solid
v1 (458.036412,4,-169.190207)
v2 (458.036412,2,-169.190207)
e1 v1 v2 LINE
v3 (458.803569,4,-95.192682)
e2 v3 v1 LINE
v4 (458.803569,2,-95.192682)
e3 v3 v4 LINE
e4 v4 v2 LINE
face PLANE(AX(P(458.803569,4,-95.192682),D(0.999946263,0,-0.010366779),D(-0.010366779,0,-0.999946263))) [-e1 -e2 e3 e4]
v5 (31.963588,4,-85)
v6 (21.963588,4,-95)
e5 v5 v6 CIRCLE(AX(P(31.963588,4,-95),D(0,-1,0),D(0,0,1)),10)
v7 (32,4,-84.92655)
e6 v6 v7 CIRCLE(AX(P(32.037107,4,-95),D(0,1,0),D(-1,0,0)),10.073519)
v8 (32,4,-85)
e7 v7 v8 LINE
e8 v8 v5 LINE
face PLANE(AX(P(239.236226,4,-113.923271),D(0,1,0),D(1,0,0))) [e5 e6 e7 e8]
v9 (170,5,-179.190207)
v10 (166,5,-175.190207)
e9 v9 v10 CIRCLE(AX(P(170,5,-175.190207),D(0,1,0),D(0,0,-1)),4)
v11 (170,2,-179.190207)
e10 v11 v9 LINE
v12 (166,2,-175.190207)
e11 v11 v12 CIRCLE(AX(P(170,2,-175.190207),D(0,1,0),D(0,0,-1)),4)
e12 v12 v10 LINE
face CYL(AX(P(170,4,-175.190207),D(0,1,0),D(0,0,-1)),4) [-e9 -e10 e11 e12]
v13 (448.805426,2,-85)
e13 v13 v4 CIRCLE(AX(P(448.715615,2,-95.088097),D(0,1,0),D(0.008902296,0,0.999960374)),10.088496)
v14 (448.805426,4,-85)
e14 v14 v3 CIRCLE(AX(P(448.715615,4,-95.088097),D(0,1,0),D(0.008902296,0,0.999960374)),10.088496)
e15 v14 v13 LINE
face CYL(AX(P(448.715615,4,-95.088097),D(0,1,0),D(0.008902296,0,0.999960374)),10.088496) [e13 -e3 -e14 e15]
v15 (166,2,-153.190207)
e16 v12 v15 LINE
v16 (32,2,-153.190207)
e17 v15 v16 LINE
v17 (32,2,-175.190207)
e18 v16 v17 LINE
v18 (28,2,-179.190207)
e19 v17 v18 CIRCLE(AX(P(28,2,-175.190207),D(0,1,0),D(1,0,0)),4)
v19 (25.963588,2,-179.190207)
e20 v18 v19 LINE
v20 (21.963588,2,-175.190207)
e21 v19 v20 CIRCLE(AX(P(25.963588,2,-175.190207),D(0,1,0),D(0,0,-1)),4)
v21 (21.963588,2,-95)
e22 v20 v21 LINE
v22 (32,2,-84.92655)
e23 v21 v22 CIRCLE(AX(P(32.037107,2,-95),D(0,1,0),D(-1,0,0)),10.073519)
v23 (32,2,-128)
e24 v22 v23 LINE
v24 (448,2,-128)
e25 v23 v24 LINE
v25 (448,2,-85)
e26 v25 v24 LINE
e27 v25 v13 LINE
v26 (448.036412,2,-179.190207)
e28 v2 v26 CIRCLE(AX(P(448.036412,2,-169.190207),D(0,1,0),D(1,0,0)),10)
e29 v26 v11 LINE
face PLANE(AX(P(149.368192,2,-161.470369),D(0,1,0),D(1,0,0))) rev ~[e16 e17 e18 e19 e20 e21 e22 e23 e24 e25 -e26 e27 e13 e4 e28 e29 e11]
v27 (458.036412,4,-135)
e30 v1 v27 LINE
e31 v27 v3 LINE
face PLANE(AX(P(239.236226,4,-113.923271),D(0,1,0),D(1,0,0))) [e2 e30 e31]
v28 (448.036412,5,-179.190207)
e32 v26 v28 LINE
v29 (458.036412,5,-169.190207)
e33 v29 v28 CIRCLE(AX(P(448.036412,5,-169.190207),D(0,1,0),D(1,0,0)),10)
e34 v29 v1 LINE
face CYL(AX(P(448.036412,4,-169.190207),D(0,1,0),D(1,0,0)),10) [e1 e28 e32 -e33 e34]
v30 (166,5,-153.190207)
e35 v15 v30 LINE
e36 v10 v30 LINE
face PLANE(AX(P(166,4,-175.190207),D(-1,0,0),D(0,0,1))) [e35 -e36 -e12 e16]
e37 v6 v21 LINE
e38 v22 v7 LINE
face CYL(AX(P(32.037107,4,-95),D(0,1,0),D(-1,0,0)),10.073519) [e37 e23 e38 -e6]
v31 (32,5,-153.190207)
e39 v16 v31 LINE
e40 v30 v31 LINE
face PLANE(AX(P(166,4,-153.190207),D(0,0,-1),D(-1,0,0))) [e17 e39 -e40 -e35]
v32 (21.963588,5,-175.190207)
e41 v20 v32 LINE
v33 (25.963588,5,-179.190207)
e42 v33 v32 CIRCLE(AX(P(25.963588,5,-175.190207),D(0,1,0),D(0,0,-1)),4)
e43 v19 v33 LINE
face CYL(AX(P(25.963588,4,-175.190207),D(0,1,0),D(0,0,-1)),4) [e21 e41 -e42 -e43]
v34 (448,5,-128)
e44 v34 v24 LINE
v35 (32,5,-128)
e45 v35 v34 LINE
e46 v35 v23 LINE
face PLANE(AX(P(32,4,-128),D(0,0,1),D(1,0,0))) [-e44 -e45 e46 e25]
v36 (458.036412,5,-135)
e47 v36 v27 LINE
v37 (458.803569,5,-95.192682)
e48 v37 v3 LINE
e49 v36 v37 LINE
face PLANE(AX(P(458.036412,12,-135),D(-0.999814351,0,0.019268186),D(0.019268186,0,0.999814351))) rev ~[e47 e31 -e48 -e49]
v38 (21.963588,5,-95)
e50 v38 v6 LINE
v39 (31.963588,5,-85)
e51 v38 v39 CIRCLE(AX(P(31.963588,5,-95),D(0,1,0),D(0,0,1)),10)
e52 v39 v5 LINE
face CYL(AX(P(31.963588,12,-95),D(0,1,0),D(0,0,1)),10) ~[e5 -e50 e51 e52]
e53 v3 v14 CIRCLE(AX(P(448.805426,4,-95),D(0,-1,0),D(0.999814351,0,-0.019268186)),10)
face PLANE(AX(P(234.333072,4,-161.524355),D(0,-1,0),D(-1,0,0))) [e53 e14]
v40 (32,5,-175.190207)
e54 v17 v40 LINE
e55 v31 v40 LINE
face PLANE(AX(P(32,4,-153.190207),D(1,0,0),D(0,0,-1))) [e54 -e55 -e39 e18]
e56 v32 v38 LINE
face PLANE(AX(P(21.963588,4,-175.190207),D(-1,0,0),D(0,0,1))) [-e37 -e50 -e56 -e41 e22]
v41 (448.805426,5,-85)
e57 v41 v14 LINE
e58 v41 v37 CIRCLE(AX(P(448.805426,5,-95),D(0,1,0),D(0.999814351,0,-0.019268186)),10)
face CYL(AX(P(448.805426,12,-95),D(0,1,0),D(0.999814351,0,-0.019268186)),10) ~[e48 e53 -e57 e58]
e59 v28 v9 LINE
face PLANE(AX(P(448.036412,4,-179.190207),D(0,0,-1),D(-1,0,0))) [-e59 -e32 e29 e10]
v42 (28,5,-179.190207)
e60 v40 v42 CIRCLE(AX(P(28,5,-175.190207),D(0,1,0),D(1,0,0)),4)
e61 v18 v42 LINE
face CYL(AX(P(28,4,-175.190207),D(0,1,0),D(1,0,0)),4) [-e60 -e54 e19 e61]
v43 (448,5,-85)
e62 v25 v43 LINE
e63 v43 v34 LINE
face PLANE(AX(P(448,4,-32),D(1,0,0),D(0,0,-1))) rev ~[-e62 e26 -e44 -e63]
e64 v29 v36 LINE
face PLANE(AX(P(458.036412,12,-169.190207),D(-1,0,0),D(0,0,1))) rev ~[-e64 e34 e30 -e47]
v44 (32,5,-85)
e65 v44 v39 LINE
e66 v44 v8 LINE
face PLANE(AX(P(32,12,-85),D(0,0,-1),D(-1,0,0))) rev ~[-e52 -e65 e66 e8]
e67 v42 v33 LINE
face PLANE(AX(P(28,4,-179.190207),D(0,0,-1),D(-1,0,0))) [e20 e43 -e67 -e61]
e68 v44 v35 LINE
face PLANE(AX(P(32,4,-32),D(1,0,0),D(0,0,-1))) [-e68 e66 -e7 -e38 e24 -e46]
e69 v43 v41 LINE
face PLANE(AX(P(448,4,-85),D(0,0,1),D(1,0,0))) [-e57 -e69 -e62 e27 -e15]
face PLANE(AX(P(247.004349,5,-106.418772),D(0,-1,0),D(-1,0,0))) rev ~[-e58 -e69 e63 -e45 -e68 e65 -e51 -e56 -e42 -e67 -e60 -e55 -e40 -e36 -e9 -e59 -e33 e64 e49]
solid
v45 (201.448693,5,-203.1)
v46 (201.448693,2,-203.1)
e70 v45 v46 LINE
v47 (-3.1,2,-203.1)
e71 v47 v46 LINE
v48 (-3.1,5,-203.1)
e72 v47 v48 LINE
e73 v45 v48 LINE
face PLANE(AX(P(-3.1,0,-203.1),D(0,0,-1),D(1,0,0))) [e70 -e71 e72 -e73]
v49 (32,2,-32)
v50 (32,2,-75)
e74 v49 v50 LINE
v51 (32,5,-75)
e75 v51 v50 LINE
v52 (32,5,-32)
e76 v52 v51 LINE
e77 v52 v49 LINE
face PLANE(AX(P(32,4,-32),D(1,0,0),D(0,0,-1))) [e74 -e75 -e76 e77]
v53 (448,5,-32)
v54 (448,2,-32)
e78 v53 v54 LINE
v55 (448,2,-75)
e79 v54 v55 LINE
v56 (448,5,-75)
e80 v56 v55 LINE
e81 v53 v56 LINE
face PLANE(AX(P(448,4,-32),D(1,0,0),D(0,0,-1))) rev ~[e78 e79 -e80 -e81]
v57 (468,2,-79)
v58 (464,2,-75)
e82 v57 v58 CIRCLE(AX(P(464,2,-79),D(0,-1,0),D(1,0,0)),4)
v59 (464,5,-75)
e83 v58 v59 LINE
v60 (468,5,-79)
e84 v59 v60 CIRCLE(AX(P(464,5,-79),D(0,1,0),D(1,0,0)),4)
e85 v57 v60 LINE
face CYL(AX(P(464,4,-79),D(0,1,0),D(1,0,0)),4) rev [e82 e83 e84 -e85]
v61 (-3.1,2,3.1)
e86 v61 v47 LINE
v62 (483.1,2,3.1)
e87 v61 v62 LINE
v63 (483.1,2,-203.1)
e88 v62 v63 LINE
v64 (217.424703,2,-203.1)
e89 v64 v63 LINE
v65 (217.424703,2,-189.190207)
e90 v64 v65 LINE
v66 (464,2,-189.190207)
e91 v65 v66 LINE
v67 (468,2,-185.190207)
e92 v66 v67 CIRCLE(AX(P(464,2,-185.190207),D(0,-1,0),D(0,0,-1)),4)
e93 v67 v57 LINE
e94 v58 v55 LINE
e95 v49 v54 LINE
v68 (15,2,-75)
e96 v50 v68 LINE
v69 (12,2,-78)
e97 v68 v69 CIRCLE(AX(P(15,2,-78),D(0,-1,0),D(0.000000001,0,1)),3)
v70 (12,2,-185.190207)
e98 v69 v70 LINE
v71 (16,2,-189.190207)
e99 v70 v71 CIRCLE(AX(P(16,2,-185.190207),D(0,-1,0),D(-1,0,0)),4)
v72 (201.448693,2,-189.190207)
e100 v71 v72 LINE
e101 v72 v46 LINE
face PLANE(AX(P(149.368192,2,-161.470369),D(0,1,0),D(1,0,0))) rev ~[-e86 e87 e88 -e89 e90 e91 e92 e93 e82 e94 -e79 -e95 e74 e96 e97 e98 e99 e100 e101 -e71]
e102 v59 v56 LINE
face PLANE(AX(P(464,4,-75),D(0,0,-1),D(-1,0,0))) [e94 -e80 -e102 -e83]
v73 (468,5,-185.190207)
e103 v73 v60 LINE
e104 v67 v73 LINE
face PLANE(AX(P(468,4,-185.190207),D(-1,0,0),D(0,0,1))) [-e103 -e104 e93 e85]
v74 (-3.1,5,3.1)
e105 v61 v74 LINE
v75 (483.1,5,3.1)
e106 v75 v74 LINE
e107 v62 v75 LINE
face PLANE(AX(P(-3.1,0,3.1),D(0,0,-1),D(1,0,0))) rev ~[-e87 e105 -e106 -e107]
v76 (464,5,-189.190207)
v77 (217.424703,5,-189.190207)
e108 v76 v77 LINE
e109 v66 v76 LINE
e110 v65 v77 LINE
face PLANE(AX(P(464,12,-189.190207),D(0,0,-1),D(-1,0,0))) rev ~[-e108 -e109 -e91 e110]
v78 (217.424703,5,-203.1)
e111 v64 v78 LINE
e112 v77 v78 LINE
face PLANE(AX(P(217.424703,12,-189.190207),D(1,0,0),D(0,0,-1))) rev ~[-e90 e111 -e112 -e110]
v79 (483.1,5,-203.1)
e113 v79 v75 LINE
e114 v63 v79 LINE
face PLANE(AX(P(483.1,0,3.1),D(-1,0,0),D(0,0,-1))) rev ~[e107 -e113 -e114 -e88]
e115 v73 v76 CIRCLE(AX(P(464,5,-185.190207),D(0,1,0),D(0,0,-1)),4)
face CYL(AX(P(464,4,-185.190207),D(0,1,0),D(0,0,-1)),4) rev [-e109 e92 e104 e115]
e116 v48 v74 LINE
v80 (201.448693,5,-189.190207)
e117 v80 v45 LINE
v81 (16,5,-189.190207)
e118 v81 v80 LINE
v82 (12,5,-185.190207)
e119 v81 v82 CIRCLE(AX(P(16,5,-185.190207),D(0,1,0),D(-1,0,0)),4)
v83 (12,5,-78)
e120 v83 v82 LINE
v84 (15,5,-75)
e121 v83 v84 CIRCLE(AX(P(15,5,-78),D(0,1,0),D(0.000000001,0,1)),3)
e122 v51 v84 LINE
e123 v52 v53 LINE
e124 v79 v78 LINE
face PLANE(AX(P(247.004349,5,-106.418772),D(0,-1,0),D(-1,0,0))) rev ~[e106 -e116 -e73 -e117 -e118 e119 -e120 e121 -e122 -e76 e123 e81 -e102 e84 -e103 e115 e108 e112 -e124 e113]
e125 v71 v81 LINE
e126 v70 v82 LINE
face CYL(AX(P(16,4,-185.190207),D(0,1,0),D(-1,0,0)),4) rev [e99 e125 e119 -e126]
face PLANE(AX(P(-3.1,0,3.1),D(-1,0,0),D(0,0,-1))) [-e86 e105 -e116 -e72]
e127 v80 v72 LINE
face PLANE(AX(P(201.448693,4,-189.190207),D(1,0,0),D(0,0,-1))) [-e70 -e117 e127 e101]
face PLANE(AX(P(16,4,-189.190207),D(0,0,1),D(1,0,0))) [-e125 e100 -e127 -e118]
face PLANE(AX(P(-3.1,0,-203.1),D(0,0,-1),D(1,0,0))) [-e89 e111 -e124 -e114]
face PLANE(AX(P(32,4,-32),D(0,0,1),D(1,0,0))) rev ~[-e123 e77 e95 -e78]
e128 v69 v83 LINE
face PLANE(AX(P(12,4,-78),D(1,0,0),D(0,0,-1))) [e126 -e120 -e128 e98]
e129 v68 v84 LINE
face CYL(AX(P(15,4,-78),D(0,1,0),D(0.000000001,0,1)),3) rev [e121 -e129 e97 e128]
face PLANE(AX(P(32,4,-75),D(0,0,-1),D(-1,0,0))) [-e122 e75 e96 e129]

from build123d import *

# Parameters (mm, degrees)
CROQUIS1_W              = 486.2
CROQUIS1_H              = 206.2
CROQUIS1_W_2            = 480
CROQUIS1_H_2            = 200
SALIENTE_EXTRUIR1_DEPTH = 12
CROQUIS3_W              = 486.2
CROQUIS3_H              = 206.2
CROQUIS3_W_2            = 480
CROQUIS3_H_2            = 200
CORTAR_EXTRUIR1_DEPTH   = 5
CORTAR_EXTRUIR3_DEPTH   = 8
CROQUIS4_W              = 20
CROQUIS4_H              = 6
CORTAR_EXTRUIR4_DEPTH   = 3
CORTAR_EXTRUIR5_DEPTH   = 2
CROQUIS7_W              = 721.947089947
CROQUIS7_H              = 359.419856831
CORTAR_EXTRUIR6_DEPTH   = 10
CROQUIS8_W              = 416
CROQUIS8_H              = 96
CORTAR_EXTRUIR7_DEPTH   = 10
CROQUIS9_W              = 531.904745737
CROQUIS9_H              = 246.353411826
CORTAR_EXTRUIR9_DEPTH   = 10
CROQUIS10_W             = 531.904745737
CROQUIS10_H             = 246.353411826
CORTAR_EXTRUIR10_DEPTH  = 10
CROQUIS11_W             = 531.904745737
CROQUIS11_H             = 246.353411826
CORTAR_EXTRUIR11_DEPTH  = 10


with BuildPart() as part:
    # Croquis1 → Saliente-Extruir1 (new body)
    with BuildSketch(Plane(origin=(0, 0, 0), x_dir=(1, 0, 0), z_dir=(0, 1, 0))):
        with Locations((240, 100)):
            Rectangle(CROQUIS1_W, CROQUIS1_H)
        with Locations((240, 100)):
            Rectangle(CROQUIS1_W_2, CROQUIS1_H_2, mode=Mode.SUBTRACT)
        with Locations((240, 100)):
            Rectangle(CROQUIS1_W_2, CROQUIS1_H_2)
    extrude(amount=SALIENTE_EXTRUIR1_DEPTH)

    # Croquis3 → Cortar-Extruir1 (cut)
    with BuildSketch(Plane(origin=(0, 12, 0), x_dir=(1, 0, 0), z_dir=(0, 1, 0))):
        with Locations((240, 100)):
            Rectangle(CROQUIS3_W, CROQUIS3_H)
        with Locations((240, 100)):
            Rectangle(CROQUIS3_W_2, CROQUIS3_H_2, mode=Mode.SUBTRACT)
    extrude(amount=-CORTAR_EXTRUIR1_DEPTH, mode=Mode.SUBTRACT)

    # Croquis2 → Cortar-Extruir3 (cut)
    with BuildSketch(Plane(origin=(0, 12, 0), x_dir=(1, 0, 0), z_dir=(0, 1, 0))):
        with BuildLine():
            ThreePointArc((16, 189.1902066), (13.171572875, 188.018633725), (12, 185.1902066))
            Line((12, 185.1902066), (12, 78))
            ThreePointArc((12, 78), (12.878679656, 75.878679656), (15, 75))
            Line((15, 75), (32, 75))
            Line((32, 75), (32, 32))
            Line((32, 32), (448, 32))
            Line((448, 32), (448, 75))
            Line((448, 75), (464, 75))
            ThreePointArc((464, 75), (466.828427125, 76.171572875), (468, 79))
            Line((468, 79), (468, 185.1902066))
            ThreePointArc((468, 185.1902066), (466.828427125, 188.018633725), (464, 189.1902066))
            Line((464, 189.1902066), (217.424703227, 189.1902066))
            Line((217.424703227, 189.1902066), (217.424703227, 203.1))
            Line((217.424703227, 203.1), (201.44869327, 203.1))
            Line((201.44869327, 203.1), (201.44869327, 189.1902066))
            Line((201.44869327, 189.1902066), (16, 189.1902066))
        make_face()
        with BuildLine():
            Line((32, 85), (31.963588191, 85))
            ThreePointArc((31.963588191, 85), (24.892520379, 87.928932188), (21.963588191, 95))
            Line((21.963588191, 95), (21.963588191, 175.1902066))
            ThreePointArc((21.963588191, 175.1902066), (23.135161066, 178.018633725), (25.963588191, 179.1902066))
            Line((25.963588191, 179.1902066), (28, 179.1902066))
            ThreePointArc((28, 179.1902066), (30.828427125, 178.018633725), (32, 175.1902066))
            Line((32, 175.1902066), (32, 153.1902066))
            Line((32, 153.1902066), (166, 153.1902066))
            Line((166, 153.1902066), (166, 175.1902066))
            ThreePointArc((166, 175.1902066), (167.171572875, 178.018633725), (170, 179.1902066))
            Line((170, 179.1902066), (448.036411809, 179.1902066))
            ThreePointArc((448.036411809, 179.1902066), (455.107479621, 176.261274412), (458.036411809, 169.1902066))
            Line((458.036411809, 169.1902066), (458.036411809, 135.000000034))
            Line((458.036411809, 135.000000034), (458.803569043, 95.19268186))
            ThreePointArc((458.803569043, 95.19268186), (455.944291637, 87.997386866), (448.80542553, 85))
            Line((448.80542553, 85), (448, 85))
            Line((448, 85), (448, 128))
            Line((448, 128), (32, 128))
            Line((32, 128), (32, 85))
        make_face(mode=Mode.SUBTRACT)
    extrude(amount=-CORTAR_EXTRUIR3_DEPTH, mode=Mode.SUBTRACT)

    # Croquis4 → Cortar-Extruir4 (cut)
    with BuildSketch(Plane(origin=(0, 12, 0), x_dir=(1, 0, 0), z_dir=(0, 1, 0))):
        with BuildLine():
            Line((31.963588191, 85), (32, 128))
            Line((32, 128), (32, 134))
            Line((32, 134), (32, 147.1902066))
            Line((32, 147.1902066), (32, 153.1902066))
            Line((32, 153.1902066), (32, 175.1902066))
            ThreePointArc((32, 175.1902066), (30.828427125, 178.018633725), (28, 179.1902066))
            Line((28, 179.1902066), (25.963588191, 179.1902066))
            ThreePointArc((25.963588191, 179.1902066), (23.135161066, 178.018633725), (21.963588191, 175.1902066))
            Line((21.963588191, 175.1902066), (21.963588191, 95))
            ThreePointArc((21.963588191, 95), (24.892520379, 87.928932188), (31.963588191, 85))
        make_face()
        with Locations((42, 131)):
            Rectangle(CROQUIS4_W, CROQUIS4_H)
        with Locations((42, 150.1902066)):
            Rectangle(CROQUIS4_W, CROQUIS4_H)
        with BuildLine():
            ThreePointArc((12, 78), (12.878679656, 75.878679656), (15, 75))
            Line((15, 75), (32, 75))
            Line((32, 75), (32, 69))
            Line((32, 69), (6, 69))
            Line((6, 69), (6, 80))
            Line((6, 80), (6, 195.1902066))
            Line((6, 195.1902066), (16, 195.1902066))
            Line((16, 195.1902066), (32, 195.1902066))
            Line((32, 195.1902066), (32, 189.1902066))
            Line((32, 189.1902066), (16, 189.1902066))
            ThreePointArc((16, 189.1902066), (13.171572875, 188.018633725), (12, 185.1902066))
            Line((12, 185.1902066), (12, 80))
            Line((12, 80), (12, 78))
        make_face()
        with Locations((42, 192.1902066)):
            Rectangle(CROQUIS4_W, CROQUIS4_H)
        with Locations((42, 29)):
            Rectangle(CROQUIS4_W, CROQUIS4_H)
        with Locations((156, 192.1902066)):
            Rectangle(CROQUIS4_W, CROQUIS4_H)
        with Locations((156, 150.1902066)):
            Rectangle(CROQUIS4_W, CROQUIS4_H)
        with BuildLine():
            Line((166, 147.1902066), (448, 147.1902066))
            Line((448, 147.1902066), (458.036411809, 147.1902066))
            Line((458.036411809, 147.1902066), (458.036411809, 169.1902066))
            ThreePointArc((458.036411809, 169.1902066), (455.107479621, 176.261274412), (448.036411809, 179.1902066))
            Line((448.036411809, 179.1902066), (170, 179.1902066))
            ThreePointArc((170, 179.1902066), (167.171572875, 178.018633725), (166, 175.1902066))
            Line((166, 175.1902066), (166, 153.1902066))
            Line((166, 153.1902066), (166, 147.1902066))
        make_face()
        with BuildLine():
            Line((458.036411809, 169.1902066), (458.036411809, 147.1902066))
            Line((458.036411809, 147.1902066), (474, 147.1902066))
            Line((474, 147.1902066), (474, 195.1902066))
            Line((474, 195.1902066), (166, 195.1902066))
            Line((166, 195.1902066), (166, 189.1902066))
            Line((166, 189.1902066), (166, 175.1902066))
            ThreePointArc((166, 175.1902066), (167.171572875, 178.018633725), (170, 179.1902066))
            Line((170, 179.1902066), (448.036411809, 179.1902066))
            ThreePointArc((448.036411809, 179.1902066), (455.107479621, 176.261274412), (458.036411809, 169.1902066))
        make_face()
        with BuildLine():
            Line((448.80542553, 85), (448, 85))
            Line((448, 85), (448, 69))
            Line((448, 69), (474, 69))
            Line((474, 69), (474, 147.1902066))
            Line((474, 147.1902066), (458.036411809, 147.1902066))
            Line((458.036411809, 147.1902066), (458.036411809, 135.000000034))
            Line((458.036411809, 135.000000034), (458.803569043, 95.19268186))
            ThreePointArc((458.803569043, 95.19268186), (455.944291637, 87.997386866), (448.80542553, 85))
        make_face()
        with Locations((438, 131)):
            Rectangle(CROQUIS4_W, CROQUIS4_H)
        with Locations((438, 29)):
            Rectangle(CROQUIS4_W, CROQUIS4_H)
        with BuildLine():
            Line((448, 134), (448, 128))
            Line((448, 128), (448, 85))
            Line((448, 85), (448.80542553, 85))
            ThreePointArc((448.80542553, 85), (455.944291637, 87.997386866), (458.803569043, 95.19268186))
            Line((458.803569043, 95.19268186), (458.036411809, 135.000000034))
            Line((458.036411809, 135.000000034), (458.036411809, 147.1902066))
            Line((458.036411809, 147.1902066), (448, 147.1902066))
            Line((448, 147.1902066), (448, 134))
        make_face()
    extrude(amount=-CORTAR_EXTRUIR4_DEPTH, mode=Mode.SUBTRACT)

    # Croquis5 → Cortar-Extruir5 (cut)
    with BuildSketch(Plane(origin=(0, 4, 0), x_dir=(1, 0, 0), z_dir=(0, 1, 0))):
        with BuildLine():
            Line((32.046028397, 84.926485337), (32, 75))
            Line((32, 75), (15, 75))
            ThreePointArc((15, 75), (12.878679656, 75.878679656), (12, 78))
            Line((12, 78), (12, 185.1902066))
            ThreePointArc((12, 185.1902066), (13.171572875, 188.018633725), (16, 189.1902066))
            Line((16, 189.1902066), (201.44869327, 189.1902066))
            Line((201.44869327, 189.1902066), (201.44869327, 203.1))
            Line((201.44869327, 203.1), (217.424703227, 203.1))
            Line((217.424703227, 203.1), (217.424703227, 189.1902066))
            Line((217.424703227, 189.1902066), (464, 189.1902066))
            ThreePointArc((464, 189.1902066), (466.828427125, 188.018633725), (468, 185.1902066))
            Line((468, 185.1902066), (468, 79))
            ThreePointArc((468, 79), (466.828427125, 76.171572875), (464, 75))
            Line((464, 75), (448, 75))
            Line((448, 75), (448, 85))
            Line((448, 85), (448.80542553, 85))
            ThreePointArc((448.80542553, 85), (455.917657262, 88.023512896), (458.803569043, 95.19268186))
            Line((458.803569043, 95.19268186), (458.036411809, 169.1902066))
            ThreePointArc((458.036411809, 169.1902066), (455.107479621, 176.261274412), (448.036411809, 179.1902066))
            Line((448.036411809, 179.1902066), (170, 179.1902066))
            ThreePointArc((170, 179.1902066), (167.171572875, 178.018633725), (166, 175.1902066))
            Line((166, 175.1902066), (166, 153.1902066))
            Line((166, 153.1902066), (32, 153.1902066))
            Line((32, 153.1902066), (32, 175.1902066))
            ThreePointArc((32, 175.1902066), (30.828427125, 178.018633725), (28, 179.1902066))
            Line((28, 179.1902066), (25.963588191, 179.1902066))
            ThreePointArc((25.963588191, 179.1902066), (23.135161066, 178.018633725), (21.963588191, 175.1902066))
            Line((21.963588191, 175.1902066), (21.963588191, 95))
            ThreePointArc((21.963588191, 95), (24.91720844, 87.873793117), (32.046028397, 84.926485337))
        make_face()
    extrude(amount=-CORTAR_EXTRUIR5_DEPTH, mode=Mode.SUBTRACT)

    # Croquis7 → Cortar-Extruir6 (cut)
    with BuildSketch(Plane(origin=(0, 2, 0), x_dir=(1, 0, 0), z_dir=(0, 1, 0))):
        with Locations((149.368191722, 161.470369199)):
            Rectangle(CROQUIS7_W, CROQUIS7_H)
    extrude(amount=-CORTAR_EXTRUIR6_DEPTH, mode=Mode.SUBTRACT)

    # Croquis8 → Cortar-Extruir7 (cut)
    with BuildSketch(Plane(origin=(0, 4, 0), x_dir=(1, 0, 0), z_dir=(0, 1, 0))):
        with Locations((240, 80)):
            Rectangle(CROQUIS8_W, CROQUIS8_H)
    extrude(amount=-CORTAR_EXTRUIR7_DEPTH, mode=Mode.SUBTRACT)


with BuildPart() as cortar_extruir7_piece_1:
    # of the separate pieces the step leaves, piece 1, a body of its own (cortar_extruir7_pieces)
    add(part.part.solids().sort_by_distance((483.1, 2, 3.1))[0])


with BuildPart() as cortar_extruir7_piece_2:
    # of the separate pieces the step leaves, piece 2, a body of its own (cortar_extruir7_pieces)
    add(part.part.solids().sort_by_distance((32, 2, -128))[0])


with BuildPart() as cortar_extruir9_tool:
    # Croquis9 → Cortar-Extruir9 (new body)
    with BuildSketch(Plane(origin=(0, 9, 0), x_dir=(1, 0, 0), z_dir=(0, 1, 0))):
        with Locations((247.004349215, 106.418772052)):
            Rectangle(CROQUIS9_W, CROQUIS9_H)
    extrude(amount=CORTAR_EXTRUIR9_DEPTH)


with BuildPart() as cortar_extruir7_piece_1_1:
    add(cortar_extruir7_piece_1.part)

    # Cortar-Extruir9: cut by cortar_extruir9_tool
    add(cortar_extruir9_tool.part, mode=Mode.SUBTRACT)


with BuildPart() as cortar_extruir7_piece_2_1:
    add(cortar_extruir7_piece_2.part)

    # Cortar-Extruir9: cut by cortar_extruir9_tool
    add(cortar_extruir9_tool.part, mode=Mode.SUBTRACT)


with BuildPart() as cortar_extruir10_tool:
    # Croquis10 → Cortar-Extruir10 (new body)
    with BuildSketch(Plane(origin=(0, 7, 0), x_dir=(1, 0, 0), z_dir=(0, 1, 0))):
        with Locations((247.004349215, 106.418772052)):
            Rectangle(CROQUIS10_W, CROQUIS10_H)
    extrude(amount=CORTAR_EXTRUIR10_DEPTH)


with BuildPart() as cortar_extruir7_piece_1_2:
    add(cortar_extruir7_piece_1_1.part)

    # Cortar-Extruir10: cut by cortar_extruir10_tool
    add(cortar_extruir10_tool.part, mode=Mode.SUBTRACT)


with BuildPart() as cortar_extruir7_piece_2_2:
    add(cortar_extruir7_piece_2_1.part)

    # Cortar-Extruir10: cut by cortar_extruir10_tool
    add(cortar_extruir10_tool.part, mode=Mode.SUBTRACT)


with BuildPart() as cortar_extruir11_tool:
    # Croquis11 → Cortar-Extruir11 (new body)
    with BuildSketch(Plane(origin=(0, 5, 0), x_dir=(-1, 0, 0), z_dir=(0, -1, 0))):
        with Locations((-247.004349215, 106.418772052)):
            Rectangle(CROQUIS11_W, CROQUIS11_H)
    extrude(amount=-CORTAR_EXTRUIR11_DEPTH)


with BuildPart() as cortar_extruir7_piece_1_3:
    add(cortar_extruir7_piece_1_2.part)

    # Cortar-Extruir11: cut by cortar_extruir11_tool
    add(cortar_extruir11_tool.part, mode=Mode.SUBTRACT)


with BuildPart() as cortar_extruir7_piece_2_3:
    add(cortar_extruir7_piece_2_2.part)

    # Cortar-Extruir11: cut by cortar_extruir11_tool
    add(cortar_extruir11_tool.part, mode=Mode.SUBTRACT)


solid = Compound([cortar_extruir7_piece_1_3.part, cortar_extruir7_piece_2_3.part])
